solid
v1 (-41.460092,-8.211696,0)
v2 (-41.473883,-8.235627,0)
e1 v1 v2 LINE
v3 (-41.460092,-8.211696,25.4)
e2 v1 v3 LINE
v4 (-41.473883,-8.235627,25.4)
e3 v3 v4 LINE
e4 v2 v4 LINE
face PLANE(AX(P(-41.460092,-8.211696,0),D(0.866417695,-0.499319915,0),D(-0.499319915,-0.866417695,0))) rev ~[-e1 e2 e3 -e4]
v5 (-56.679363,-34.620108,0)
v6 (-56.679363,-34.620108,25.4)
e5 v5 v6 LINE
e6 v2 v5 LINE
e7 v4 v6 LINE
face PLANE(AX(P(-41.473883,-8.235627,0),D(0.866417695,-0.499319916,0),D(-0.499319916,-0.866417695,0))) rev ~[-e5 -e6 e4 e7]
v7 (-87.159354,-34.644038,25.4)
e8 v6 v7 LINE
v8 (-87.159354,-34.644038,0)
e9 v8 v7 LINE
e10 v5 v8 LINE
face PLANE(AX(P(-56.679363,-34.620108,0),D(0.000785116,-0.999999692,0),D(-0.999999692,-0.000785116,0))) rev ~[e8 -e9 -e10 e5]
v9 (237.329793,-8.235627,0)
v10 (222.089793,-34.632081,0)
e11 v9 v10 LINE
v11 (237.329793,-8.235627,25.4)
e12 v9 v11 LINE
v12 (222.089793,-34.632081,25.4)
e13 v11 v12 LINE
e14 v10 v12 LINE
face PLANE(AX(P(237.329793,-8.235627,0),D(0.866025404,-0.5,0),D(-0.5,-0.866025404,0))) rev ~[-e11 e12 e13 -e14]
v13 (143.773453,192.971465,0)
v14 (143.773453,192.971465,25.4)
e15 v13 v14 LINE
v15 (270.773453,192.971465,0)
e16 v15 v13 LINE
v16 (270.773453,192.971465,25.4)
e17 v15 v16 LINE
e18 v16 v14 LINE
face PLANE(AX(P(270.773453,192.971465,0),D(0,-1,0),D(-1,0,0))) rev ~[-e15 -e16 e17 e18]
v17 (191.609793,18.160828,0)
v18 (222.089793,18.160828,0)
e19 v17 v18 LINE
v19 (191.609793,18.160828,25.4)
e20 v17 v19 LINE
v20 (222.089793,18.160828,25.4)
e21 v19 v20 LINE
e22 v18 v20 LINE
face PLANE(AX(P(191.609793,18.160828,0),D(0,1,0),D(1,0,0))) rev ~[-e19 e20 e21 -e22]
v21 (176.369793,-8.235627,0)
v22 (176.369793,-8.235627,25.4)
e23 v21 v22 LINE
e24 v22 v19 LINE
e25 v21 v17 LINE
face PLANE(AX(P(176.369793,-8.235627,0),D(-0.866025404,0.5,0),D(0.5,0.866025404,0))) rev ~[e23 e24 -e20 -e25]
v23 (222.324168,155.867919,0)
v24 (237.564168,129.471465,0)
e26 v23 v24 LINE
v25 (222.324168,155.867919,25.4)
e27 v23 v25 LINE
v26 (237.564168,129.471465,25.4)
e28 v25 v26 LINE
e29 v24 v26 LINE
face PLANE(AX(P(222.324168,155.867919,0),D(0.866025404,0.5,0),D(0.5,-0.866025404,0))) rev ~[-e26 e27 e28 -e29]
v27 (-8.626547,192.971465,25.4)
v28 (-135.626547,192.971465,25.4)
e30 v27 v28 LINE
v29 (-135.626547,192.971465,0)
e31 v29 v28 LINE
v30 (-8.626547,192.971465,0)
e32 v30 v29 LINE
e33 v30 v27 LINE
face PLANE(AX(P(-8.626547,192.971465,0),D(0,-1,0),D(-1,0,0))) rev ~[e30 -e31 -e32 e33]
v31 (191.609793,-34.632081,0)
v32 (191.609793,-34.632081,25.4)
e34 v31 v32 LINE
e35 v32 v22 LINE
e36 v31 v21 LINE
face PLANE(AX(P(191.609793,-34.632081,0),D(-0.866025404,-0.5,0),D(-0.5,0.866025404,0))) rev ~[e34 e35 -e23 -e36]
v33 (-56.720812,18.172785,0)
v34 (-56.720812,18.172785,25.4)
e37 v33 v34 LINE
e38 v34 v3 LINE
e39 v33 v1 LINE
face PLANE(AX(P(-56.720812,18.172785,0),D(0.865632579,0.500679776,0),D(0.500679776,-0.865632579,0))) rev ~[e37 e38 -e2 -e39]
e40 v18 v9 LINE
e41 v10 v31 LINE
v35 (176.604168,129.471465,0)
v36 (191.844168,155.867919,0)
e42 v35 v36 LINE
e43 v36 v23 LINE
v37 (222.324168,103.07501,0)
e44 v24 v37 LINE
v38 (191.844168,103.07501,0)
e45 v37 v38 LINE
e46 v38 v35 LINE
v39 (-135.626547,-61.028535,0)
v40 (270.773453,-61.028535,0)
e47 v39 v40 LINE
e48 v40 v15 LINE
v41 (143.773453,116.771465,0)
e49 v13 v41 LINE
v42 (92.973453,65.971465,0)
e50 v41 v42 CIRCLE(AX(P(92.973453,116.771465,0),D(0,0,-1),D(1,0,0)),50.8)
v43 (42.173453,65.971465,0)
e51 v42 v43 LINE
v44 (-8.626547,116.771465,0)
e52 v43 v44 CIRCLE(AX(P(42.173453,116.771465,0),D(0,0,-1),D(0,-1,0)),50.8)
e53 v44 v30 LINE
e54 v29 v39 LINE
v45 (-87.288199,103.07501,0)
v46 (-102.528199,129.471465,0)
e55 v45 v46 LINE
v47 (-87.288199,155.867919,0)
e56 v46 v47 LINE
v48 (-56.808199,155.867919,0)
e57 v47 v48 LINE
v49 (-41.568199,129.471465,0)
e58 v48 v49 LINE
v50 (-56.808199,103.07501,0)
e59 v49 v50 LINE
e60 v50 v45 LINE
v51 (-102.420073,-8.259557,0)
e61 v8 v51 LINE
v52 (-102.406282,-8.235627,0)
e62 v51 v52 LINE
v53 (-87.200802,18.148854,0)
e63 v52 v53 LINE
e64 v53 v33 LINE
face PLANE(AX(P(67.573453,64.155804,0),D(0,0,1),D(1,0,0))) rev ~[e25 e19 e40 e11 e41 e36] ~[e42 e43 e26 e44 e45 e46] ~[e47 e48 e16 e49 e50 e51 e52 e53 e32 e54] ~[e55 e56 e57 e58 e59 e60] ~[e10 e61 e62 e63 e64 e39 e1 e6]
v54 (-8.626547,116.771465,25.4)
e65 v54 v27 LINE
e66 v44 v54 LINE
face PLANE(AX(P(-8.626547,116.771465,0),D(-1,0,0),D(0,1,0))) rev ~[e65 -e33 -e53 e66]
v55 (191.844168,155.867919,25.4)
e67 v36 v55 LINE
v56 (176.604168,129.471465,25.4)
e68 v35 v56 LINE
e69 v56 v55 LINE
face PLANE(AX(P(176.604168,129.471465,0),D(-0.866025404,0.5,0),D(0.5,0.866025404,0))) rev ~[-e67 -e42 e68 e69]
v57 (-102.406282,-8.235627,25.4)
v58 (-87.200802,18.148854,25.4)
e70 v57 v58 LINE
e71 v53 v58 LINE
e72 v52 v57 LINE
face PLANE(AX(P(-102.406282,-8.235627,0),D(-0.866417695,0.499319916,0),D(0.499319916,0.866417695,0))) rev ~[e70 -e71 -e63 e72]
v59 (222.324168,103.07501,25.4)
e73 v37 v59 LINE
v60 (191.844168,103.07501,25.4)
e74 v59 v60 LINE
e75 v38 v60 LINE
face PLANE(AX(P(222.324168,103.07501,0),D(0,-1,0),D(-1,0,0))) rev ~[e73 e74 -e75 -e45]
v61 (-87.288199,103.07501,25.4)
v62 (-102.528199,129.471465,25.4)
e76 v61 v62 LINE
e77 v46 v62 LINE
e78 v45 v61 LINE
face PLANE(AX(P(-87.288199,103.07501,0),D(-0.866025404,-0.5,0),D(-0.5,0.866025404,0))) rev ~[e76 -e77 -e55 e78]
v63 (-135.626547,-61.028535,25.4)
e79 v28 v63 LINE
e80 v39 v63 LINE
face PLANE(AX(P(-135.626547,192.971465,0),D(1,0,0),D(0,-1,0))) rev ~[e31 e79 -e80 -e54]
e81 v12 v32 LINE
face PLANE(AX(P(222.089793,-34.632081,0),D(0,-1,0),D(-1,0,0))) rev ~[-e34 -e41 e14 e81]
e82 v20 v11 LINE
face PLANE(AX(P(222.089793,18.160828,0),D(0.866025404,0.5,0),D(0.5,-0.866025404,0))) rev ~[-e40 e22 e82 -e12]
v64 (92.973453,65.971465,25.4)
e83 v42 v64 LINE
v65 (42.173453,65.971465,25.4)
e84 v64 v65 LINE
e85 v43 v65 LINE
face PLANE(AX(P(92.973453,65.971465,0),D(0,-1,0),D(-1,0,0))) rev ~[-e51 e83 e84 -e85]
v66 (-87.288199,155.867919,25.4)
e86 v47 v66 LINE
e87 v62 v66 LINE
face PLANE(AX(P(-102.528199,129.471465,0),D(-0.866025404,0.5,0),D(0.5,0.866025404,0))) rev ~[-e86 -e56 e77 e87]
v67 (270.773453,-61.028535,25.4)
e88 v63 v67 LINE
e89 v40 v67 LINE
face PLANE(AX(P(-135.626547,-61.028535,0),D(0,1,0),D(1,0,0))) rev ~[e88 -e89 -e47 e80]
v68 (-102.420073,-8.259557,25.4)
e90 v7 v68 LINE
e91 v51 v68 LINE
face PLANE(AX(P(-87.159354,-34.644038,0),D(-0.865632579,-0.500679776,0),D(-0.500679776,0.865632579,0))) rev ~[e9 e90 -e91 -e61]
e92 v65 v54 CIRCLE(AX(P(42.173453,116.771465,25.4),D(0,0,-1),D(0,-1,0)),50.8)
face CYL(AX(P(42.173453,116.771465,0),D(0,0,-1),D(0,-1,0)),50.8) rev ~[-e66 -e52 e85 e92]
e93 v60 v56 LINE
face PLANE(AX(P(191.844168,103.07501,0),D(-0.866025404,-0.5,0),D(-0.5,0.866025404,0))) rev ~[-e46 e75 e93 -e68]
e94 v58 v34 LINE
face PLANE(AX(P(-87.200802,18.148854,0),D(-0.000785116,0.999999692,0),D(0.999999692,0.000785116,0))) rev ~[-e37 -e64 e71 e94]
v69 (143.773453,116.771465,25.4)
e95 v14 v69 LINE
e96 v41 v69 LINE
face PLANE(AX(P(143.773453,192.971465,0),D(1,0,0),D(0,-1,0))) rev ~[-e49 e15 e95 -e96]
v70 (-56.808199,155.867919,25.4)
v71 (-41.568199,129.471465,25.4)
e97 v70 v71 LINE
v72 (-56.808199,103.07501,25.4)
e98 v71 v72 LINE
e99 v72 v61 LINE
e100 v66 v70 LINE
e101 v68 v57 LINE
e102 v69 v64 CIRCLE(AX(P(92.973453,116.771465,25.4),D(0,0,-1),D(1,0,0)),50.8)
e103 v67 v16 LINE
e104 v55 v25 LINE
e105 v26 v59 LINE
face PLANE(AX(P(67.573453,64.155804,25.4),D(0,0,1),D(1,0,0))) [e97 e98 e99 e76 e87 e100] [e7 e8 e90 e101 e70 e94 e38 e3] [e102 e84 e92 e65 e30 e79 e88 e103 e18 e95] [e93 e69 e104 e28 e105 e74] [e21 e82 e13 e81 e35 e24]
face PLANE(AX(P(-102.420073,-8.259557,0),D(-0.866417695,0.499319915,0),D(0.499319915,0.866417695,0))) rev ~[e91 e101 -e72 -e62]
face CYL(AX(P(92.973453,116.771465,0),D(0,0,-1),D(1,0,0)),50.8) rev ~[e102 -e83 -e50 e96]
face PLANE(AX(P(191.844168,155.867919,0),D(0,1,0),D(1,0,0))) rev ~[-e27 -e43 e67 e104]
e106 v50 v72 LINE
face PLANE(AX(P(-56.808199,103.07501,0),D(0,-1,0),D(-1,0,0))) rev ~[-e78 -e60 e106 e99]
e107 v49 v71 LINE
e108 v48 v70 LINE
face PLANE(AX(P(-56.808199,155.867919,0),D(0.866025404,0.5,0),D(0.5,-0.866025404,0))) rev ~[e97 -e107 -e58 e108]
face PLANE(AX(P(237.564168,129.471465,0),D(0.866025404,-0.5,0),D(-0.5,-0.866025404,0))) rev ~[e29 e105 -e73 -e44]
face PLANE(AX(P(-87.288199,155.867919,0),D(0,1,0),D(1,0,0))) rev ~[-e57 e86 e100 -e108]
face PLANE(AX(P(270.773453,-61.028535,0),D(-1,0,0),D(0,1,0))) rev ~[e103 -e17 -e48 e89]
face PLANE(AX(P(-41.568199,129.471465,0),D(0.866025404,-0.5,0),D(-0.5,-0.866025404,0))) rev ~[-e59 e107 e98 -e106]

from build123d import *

# Parameters (mm, degrees)
F1_DEPTH = 25.4


with BuildPart() as f1:
    # F0 (on Top) → F1 (new body)
    with BuildSketch(Plane.XY):
        with BuildLine():
            Line((-135.6265469924, 192.971464684), (-135.6265469924, -61.028535316))
            Line((-135.6265469924, -61.028535316), (-71.8986340715, -61.028535316))
            Line((-71.8986340715, -61.028535316), (206.8497932968, -61.028535316))
            Line((206.8497932968, -61.028535316), (270.7734530076, -61.028535316))
            Line((270.7734530076, -61.028535316), (270.7734530076, -8.2356267013))
            Line((270.7734530076, -8.2356267013), (270.7734530076, 129.471464684))
            Line((270.7734530076, 129.471464684), (270.7734530076, 192.971464684))
            Line((270.7734530076, 192.971464684), (143.7734530076, 192.971464684))
            Line((143.7734530076, 192.971464684), (143.7734530076, 116.771464684))
            ThreePointArc((143.7734530076, 116.771464684), (128.8944774919, 80.8504401998), (92.9734530076, 65.971464684))
            Line((92.9734530076, 65.971464684), (42.1734530076, 65.971464684))
            ThreePointArc((42.1734530076, 65.971464684), (6.2524285233, 80.8504401998), (-8.6265469924, 116.771464684))
            Line((-8.6265469924, 116.771464684), (-8.6265469924, 192.971464684))
            Line((-8.6265469924, 192.971464684), (-135.6265469924, 192.971464684))
        make_face()
        Polygon((-41.4738831694, -8.2356267013), (-56.6793630552, -34.620107708), (-87.1593536612, -34.6440380383), (-102.4200732381, -8.2595570316), (-102.4062820949, -8.2356267013), (-87.2008022091, 18.1488543055), (-56.7208116032, 18.1727846358), (-41.4600920262, -8.211696371), align=None, mode=Mode.SUBTRACT)
        Polygon((237.3297932968, -8.2356267013), (222.0897932968, -34.6320810086), (191.6097932968, -34.6320810086), (176.3697932968, -8.2356267013), (191.6097932968, 18.1608276061), (222.0897932968, 18.1608276061), align=None, mode=Mode.SUBTRACT)
        Polygon((-41.568198682, 129.471464684), (-56.808198682, 103.0750103767), (-87.288198682, 103.0750103767), (-102.528198682, 129.471464684), (-87.288198682, 155.8679189914), (-56.808198682, 155.8679189914), align=None, mode=Mode.SUBTRACT)
        Polygon((237.5641679006, 129.471464684), (222.3241679006, 103.0750103767), (191.8441679006, 103.0750103767), (176.6041679006, 129.471464684), (191.8441679006, 155.8679189914), (222.3241679006, 155.8679189914), align=None, mode=Mode.SUBTRACT)
    extrude(amount=F1_DEPTH)


solid = f1.part
